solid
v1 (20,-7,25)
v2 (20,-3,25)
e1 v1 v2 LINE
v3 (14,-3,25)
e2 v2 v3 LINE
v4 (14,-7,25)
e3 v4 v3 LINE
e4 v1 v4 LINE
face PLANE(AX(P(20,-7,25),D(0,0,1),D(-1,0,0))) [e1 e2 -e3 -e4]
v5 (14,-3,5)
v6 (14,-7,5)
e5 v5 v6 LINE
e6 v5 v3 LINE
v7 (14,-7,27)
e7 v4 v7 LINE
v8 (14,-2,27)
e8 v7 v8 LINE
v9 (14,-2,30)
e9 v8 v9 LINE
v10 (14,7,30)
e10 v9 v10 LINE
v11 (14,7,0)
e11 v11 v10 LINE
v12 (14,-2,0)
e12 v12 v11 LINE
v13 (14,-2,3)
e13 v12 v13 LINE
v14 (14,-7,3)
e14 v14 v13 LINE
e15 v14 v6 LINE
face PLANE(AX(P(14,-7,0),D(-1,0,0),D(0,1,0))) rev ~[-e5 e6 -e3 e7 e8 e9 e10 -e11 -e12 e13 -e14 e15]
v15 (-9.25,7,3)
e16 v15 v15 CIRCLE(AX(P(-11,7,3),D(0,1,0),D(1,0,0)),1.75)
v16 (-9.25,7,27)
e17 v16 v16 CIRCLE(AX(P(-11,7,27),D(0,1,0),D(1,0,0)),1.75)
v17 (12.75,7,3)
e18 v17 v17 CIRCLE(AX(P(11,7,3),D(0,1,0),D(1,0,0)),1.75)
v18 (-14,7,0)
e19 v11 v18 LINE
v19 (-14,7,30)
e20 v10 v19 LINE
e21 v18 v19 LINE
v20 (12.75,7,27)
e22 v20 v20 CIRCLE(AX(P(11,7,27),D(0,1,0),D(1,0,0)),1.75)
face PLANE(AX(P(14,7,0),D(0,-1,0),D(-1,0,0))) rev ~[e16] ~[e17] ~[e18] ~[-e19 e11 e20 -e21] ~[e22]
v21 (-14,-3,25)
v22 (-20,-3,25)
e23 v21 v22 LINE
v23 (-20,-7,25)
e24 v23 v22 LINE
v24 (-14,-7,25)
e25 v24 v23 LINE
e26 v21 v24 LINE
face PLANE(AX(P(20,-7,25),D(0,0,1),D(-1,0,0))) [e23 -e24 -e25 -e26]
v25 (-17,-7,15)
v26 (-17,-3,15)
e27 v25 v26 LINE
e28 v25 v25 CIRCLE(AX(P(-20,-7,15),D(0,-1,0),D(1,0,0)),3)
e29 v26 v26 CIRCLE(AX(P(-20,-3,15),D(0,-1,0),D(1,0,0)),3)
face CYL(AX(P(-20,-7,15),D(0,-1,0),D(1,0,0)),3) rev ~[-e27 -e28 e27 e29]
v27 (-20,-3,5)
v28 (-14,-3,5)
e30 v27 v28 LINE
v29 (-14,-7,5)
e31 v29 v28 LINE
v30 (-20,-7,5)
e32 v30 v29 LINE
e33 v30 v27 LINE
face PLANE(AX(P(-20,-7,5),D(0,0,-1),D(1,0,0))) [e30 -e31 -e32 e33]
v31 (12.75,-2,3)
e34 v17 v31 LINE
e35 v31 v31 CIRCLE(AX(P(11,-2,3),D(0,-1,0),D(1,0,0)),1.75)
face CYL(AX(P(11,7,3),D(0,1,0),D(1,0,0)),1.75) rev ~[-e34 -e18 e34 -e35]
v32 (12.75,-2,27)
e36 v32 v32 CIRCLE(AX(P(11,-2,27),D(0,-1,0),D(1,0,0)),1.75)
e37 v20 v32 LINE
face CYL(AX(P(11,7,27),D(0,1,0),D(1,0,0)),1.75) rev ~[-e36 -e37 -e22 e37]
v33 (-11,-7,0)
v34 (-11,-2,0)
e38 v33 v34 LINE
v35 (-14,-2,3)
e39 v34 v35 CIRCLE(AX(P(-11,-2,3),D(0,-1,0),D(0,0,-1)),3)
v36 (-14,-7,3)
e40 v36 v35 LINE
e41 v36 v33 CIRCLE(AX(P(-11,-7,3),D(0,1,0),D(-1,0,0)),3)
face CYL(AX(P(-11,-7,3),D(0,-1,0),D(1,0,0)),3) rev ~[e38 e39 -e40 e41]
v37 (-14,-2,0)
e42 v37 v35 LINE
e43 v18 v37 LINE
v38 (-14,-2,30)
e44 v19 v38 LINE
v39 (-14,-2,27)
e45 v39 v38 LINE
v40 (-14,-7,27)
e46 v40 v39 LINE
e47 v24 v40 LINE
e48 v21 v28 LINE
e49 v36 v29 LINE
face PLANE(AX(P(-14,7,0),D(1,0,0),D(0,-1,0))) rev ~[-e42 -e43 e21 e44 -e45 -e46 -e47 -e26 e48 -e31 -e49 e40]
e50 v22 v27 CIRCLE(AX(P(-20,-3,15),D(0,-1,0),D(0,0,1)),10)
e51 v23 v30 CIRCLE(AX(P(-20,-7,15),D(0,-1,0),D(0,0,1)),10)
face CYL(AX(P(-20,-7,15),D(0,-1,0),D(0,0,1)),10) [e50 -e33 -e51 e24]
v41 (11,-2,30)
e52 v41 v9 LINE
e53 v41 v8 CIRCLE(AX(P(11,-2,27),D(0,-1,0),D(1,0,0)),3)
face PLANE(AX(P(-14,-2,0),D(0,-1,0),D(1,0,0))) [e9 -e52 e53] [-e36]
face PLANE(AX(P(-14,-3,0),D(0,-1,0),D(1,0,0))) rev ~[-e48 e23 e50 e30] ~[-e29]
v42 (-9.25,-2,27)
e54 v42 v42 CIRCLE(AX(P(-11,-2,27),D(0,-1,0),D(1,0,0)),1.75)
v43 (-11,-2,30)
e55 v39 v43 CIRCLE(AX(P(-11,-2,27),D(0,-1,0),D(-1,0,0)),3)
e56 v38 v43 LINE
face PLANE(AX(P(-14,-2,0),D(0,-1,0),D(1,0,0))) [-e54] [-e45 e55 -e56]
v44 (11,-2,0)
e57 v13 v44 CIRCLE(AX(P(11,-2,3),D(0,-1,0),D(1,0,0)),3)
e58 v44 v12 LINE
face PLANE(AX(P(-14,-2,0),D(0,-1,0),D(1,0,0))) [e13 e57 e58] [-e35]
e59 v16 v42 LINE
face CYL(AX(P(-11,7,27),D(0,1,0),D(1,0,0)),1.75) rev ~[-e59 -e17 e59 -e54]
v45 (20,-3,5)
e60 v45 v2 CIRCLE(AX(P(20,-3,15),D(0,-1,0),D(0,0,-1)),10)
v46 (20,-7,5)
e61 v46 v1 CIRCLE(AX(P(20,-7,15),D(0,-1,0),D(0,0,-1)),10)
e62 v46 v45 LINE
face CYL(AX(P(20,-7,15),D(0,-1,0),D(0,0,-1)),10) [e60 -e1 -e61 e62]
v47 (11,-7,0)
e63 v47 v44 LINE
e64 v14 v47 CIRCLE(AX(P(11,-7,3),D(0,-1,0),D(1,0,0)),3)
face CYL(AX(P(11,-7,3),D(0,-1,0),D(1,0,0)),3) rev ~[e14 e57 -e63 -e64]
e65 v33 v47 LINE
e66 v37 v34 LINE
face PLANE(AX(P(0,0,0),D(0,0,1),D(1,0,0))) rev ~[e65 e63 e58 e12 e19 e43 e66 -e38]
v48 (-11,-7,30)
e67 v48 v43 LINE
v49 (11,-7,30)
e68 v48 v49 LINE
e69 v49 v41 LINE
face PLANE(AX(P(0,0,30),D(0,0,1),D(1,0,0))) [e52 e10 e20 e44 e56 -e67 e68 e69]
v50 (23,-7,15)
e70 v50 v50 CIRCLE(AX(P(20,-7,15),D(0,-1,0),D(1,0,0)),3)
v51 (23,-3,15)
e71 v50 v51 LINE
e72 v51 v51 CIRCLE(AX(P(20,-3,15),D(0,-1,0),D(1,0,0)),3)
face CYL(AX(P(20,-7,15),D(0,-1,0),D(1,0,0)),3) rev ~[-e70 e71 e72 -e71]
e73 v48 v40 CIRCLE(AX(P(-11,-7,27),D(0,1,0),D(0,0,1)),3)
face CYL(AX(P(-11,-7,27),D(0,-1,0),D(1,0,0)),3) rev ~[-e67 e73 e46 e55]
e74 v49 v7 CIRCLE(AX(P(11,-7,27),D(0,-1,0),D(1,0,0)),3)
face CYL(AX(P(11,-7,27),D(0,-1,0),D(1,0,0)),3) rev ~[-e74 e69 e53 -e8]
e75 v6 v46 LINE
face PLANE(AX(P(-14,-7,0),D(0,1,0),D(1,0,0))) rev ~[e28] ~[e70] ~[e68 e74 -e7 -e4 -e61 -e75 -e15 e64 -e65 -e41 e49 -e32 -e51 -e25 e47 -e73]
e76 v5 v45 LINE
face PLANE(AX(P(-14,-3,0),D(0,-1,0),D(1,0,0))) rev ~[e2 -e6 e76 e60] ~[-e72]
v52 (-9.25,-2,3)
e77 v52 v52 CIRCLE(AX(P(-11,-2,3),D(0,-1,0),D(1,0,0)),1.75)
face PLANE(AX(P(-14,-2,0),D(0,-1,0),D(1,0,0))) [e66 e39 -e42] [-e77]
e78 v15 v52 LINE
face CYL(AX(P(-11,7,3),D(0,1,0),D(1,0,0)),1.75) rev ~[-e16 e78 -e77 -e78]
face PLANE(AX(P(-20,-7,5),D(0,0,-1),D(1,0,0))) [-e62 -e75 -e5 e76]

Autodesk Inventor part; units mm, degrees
ref_plane "YZ Plane" through (0, 0, 0) normal (1, 0, 0) x (0, 1, 0)
ref_plane "XZ Plane" through (0, 0, 0) normal (0, 1, 0) x (-1, 0, 0)
ref_plane "XY Plane" through (0, 0, 0) normal (0, 0, 1) x (1, 0, 0)
sketch "Sketch1" plane through (0, 0, 0) normal (0, 0, 1) x (1, 0, 0)
  line L0 (-14, -7) -> (14, -7)
  line L1 (14, -7) -> (14, 7)
  line L2 (14, 7) -> (-14, 7)
  line L3 (-14, 7) -> (-14, -7)
  line L4 (-14, -7) -> (14, 7) construction
  line L5 (14, -7) -> (-14, 7) construction
  point P0 (0, 0)
  dimension "d0" = 14
  dimension "d1" = 28
extrude "Extrusion1" add sketch "Sketch1" along normal blind 30
sketch "Sketch2" plane through (-14, -7, 0) normal (0, -1, 0) x (1, 0, 0)
  line L0 (-6, 15) -> (34, 15) construction
  line L1 (28, 30) -> (0, 30) projected
  line L2 (-6, 5) -> (34, 5)
  line L3 (34, 25) -> (-6, 25)
  arc A0 (-6, 25) -> (-6, 5) centre (-6, 15) ccw
  arc A1 (34, 5) -> (34, 25) centre (34, 15) ccw
  line L4 (14, 15) -> (14, 0) construction
  circle A2 centre (-6, 15) radius 3
  circle A3 centre (34, 15) radius 3
  line L5 (28, 0) -> (0, 0) projected
  dimension "d4" = 40
  dimension "d5" = 10
  dimension "d8" = 6
  dimension "d17" = 15
extrude "Extrusion2" add sketch "Sketch2" against normal blind 4
sketch "Sketch3" plane through (-14, 7, 0) normal (0, 1, 0) x (1, 0, 0)
  line L0 (28, 0) -> (0, 0) construction
  line L1 (0, 0) -> (0, -30) construction
  line L2 (28, -30) -> (0, -30) construction
  line L3 (28, 0) -> (28, -30) construction
  line L4 (3, -27) -> (3, -3) construction
  line L5 (3, -3) -> (25, -3) construction
  line L6 (25, -3) -> (25, -27) construction
  line L7 (25, -27) -> (3, -27) construction
  circle A0 centre (25, -27) radius 1.75
  circle A1 centre (3, -27) radius 1.75
  circle A2 centre (3, -3) radius 1.75
  circle A3 centre (25, -3) radius 1.75
  point P0 (14, 0)
  dimension "d9" = 22
  dimension "d10" = 24
  dimension "d11" = 3.5
extrude "Extrusion3" cut sketch "Sketch3" against normal through all
sketch "Sketch4" plane through (-14, -7, 0) normal (0, -1, 0) x (1, 0, 0)
  circle A0 centre (25, 27) radius 1.75 projected
  circle A1 centre (25, 27) radius 3
  circle A2 centre (25, 3) radius 1.75 projected
  circle A3 centre (25, 3) radius 3
  circle A4 centre (3, 3) radius 1.75 projected
  circle A5 centre (3, 3) radius 3
  circle A6 centre (3, 27) radius 1.75 projected
  circle A7 centre (3, 27) radius 3
  circle A8 centre (25, 27) radius 1.75 projected
  circle A9 centre (25, 3) radius 1.75 projected
  circle A10 centre (3, 3) radius 1.75 projected
  circle A11 centre (3, 27) radius 1.75 projected
  circle A12 centre (-6, 15) radius 3 projected
  circle A13 centre (34, 15) radius 3 projected
  line L0 (0, 0) -> (0, 5) projected
  line L1 (0, 0) -> (28, 0) projected
  line L2 (28, 0) -> (28, 5) projected
  line L3 (28, 5) -> (34, 5) projected
  arc A14 (34, 5) -> (34, 25) centre (34, 15) ccw projected
  line L4 (0, 30) -> (28, 30) projected
  arc A15 (-6, 25) -> (-6, 5) centre (-6, 15) ccw projected
  line L5 (-6, 5) -> (0, 5) projected
  line L6 (28, 25) -> (28, 30) projected
  line L7 (0, 25) -> (0, 30) projected
  line L8 (0, 25) -> (-6, 25) projected
  line L9 (34, 25) -> (28, 25) projected
  point P0 (14, 0)
  point P1 (0, 3)
  point P2 (3, 0)
  point P3 (28, 3)
  point P4 (25, 0)
  point P5 (0, 27)
  point P6 (3, 30)
  point P7 (28, 27)
  point P8 (25, 30)
  dimension "d14" = 6
extrude "Extrusion4" cut sketch "Sketch4" against normal blind 5 contours A1 | A1 L4 L6 | A7 | A7 L7 L4 | A3 | L2 L1 A3 | L1 L0 A5 | A5
properties part number "StantonBracket"
